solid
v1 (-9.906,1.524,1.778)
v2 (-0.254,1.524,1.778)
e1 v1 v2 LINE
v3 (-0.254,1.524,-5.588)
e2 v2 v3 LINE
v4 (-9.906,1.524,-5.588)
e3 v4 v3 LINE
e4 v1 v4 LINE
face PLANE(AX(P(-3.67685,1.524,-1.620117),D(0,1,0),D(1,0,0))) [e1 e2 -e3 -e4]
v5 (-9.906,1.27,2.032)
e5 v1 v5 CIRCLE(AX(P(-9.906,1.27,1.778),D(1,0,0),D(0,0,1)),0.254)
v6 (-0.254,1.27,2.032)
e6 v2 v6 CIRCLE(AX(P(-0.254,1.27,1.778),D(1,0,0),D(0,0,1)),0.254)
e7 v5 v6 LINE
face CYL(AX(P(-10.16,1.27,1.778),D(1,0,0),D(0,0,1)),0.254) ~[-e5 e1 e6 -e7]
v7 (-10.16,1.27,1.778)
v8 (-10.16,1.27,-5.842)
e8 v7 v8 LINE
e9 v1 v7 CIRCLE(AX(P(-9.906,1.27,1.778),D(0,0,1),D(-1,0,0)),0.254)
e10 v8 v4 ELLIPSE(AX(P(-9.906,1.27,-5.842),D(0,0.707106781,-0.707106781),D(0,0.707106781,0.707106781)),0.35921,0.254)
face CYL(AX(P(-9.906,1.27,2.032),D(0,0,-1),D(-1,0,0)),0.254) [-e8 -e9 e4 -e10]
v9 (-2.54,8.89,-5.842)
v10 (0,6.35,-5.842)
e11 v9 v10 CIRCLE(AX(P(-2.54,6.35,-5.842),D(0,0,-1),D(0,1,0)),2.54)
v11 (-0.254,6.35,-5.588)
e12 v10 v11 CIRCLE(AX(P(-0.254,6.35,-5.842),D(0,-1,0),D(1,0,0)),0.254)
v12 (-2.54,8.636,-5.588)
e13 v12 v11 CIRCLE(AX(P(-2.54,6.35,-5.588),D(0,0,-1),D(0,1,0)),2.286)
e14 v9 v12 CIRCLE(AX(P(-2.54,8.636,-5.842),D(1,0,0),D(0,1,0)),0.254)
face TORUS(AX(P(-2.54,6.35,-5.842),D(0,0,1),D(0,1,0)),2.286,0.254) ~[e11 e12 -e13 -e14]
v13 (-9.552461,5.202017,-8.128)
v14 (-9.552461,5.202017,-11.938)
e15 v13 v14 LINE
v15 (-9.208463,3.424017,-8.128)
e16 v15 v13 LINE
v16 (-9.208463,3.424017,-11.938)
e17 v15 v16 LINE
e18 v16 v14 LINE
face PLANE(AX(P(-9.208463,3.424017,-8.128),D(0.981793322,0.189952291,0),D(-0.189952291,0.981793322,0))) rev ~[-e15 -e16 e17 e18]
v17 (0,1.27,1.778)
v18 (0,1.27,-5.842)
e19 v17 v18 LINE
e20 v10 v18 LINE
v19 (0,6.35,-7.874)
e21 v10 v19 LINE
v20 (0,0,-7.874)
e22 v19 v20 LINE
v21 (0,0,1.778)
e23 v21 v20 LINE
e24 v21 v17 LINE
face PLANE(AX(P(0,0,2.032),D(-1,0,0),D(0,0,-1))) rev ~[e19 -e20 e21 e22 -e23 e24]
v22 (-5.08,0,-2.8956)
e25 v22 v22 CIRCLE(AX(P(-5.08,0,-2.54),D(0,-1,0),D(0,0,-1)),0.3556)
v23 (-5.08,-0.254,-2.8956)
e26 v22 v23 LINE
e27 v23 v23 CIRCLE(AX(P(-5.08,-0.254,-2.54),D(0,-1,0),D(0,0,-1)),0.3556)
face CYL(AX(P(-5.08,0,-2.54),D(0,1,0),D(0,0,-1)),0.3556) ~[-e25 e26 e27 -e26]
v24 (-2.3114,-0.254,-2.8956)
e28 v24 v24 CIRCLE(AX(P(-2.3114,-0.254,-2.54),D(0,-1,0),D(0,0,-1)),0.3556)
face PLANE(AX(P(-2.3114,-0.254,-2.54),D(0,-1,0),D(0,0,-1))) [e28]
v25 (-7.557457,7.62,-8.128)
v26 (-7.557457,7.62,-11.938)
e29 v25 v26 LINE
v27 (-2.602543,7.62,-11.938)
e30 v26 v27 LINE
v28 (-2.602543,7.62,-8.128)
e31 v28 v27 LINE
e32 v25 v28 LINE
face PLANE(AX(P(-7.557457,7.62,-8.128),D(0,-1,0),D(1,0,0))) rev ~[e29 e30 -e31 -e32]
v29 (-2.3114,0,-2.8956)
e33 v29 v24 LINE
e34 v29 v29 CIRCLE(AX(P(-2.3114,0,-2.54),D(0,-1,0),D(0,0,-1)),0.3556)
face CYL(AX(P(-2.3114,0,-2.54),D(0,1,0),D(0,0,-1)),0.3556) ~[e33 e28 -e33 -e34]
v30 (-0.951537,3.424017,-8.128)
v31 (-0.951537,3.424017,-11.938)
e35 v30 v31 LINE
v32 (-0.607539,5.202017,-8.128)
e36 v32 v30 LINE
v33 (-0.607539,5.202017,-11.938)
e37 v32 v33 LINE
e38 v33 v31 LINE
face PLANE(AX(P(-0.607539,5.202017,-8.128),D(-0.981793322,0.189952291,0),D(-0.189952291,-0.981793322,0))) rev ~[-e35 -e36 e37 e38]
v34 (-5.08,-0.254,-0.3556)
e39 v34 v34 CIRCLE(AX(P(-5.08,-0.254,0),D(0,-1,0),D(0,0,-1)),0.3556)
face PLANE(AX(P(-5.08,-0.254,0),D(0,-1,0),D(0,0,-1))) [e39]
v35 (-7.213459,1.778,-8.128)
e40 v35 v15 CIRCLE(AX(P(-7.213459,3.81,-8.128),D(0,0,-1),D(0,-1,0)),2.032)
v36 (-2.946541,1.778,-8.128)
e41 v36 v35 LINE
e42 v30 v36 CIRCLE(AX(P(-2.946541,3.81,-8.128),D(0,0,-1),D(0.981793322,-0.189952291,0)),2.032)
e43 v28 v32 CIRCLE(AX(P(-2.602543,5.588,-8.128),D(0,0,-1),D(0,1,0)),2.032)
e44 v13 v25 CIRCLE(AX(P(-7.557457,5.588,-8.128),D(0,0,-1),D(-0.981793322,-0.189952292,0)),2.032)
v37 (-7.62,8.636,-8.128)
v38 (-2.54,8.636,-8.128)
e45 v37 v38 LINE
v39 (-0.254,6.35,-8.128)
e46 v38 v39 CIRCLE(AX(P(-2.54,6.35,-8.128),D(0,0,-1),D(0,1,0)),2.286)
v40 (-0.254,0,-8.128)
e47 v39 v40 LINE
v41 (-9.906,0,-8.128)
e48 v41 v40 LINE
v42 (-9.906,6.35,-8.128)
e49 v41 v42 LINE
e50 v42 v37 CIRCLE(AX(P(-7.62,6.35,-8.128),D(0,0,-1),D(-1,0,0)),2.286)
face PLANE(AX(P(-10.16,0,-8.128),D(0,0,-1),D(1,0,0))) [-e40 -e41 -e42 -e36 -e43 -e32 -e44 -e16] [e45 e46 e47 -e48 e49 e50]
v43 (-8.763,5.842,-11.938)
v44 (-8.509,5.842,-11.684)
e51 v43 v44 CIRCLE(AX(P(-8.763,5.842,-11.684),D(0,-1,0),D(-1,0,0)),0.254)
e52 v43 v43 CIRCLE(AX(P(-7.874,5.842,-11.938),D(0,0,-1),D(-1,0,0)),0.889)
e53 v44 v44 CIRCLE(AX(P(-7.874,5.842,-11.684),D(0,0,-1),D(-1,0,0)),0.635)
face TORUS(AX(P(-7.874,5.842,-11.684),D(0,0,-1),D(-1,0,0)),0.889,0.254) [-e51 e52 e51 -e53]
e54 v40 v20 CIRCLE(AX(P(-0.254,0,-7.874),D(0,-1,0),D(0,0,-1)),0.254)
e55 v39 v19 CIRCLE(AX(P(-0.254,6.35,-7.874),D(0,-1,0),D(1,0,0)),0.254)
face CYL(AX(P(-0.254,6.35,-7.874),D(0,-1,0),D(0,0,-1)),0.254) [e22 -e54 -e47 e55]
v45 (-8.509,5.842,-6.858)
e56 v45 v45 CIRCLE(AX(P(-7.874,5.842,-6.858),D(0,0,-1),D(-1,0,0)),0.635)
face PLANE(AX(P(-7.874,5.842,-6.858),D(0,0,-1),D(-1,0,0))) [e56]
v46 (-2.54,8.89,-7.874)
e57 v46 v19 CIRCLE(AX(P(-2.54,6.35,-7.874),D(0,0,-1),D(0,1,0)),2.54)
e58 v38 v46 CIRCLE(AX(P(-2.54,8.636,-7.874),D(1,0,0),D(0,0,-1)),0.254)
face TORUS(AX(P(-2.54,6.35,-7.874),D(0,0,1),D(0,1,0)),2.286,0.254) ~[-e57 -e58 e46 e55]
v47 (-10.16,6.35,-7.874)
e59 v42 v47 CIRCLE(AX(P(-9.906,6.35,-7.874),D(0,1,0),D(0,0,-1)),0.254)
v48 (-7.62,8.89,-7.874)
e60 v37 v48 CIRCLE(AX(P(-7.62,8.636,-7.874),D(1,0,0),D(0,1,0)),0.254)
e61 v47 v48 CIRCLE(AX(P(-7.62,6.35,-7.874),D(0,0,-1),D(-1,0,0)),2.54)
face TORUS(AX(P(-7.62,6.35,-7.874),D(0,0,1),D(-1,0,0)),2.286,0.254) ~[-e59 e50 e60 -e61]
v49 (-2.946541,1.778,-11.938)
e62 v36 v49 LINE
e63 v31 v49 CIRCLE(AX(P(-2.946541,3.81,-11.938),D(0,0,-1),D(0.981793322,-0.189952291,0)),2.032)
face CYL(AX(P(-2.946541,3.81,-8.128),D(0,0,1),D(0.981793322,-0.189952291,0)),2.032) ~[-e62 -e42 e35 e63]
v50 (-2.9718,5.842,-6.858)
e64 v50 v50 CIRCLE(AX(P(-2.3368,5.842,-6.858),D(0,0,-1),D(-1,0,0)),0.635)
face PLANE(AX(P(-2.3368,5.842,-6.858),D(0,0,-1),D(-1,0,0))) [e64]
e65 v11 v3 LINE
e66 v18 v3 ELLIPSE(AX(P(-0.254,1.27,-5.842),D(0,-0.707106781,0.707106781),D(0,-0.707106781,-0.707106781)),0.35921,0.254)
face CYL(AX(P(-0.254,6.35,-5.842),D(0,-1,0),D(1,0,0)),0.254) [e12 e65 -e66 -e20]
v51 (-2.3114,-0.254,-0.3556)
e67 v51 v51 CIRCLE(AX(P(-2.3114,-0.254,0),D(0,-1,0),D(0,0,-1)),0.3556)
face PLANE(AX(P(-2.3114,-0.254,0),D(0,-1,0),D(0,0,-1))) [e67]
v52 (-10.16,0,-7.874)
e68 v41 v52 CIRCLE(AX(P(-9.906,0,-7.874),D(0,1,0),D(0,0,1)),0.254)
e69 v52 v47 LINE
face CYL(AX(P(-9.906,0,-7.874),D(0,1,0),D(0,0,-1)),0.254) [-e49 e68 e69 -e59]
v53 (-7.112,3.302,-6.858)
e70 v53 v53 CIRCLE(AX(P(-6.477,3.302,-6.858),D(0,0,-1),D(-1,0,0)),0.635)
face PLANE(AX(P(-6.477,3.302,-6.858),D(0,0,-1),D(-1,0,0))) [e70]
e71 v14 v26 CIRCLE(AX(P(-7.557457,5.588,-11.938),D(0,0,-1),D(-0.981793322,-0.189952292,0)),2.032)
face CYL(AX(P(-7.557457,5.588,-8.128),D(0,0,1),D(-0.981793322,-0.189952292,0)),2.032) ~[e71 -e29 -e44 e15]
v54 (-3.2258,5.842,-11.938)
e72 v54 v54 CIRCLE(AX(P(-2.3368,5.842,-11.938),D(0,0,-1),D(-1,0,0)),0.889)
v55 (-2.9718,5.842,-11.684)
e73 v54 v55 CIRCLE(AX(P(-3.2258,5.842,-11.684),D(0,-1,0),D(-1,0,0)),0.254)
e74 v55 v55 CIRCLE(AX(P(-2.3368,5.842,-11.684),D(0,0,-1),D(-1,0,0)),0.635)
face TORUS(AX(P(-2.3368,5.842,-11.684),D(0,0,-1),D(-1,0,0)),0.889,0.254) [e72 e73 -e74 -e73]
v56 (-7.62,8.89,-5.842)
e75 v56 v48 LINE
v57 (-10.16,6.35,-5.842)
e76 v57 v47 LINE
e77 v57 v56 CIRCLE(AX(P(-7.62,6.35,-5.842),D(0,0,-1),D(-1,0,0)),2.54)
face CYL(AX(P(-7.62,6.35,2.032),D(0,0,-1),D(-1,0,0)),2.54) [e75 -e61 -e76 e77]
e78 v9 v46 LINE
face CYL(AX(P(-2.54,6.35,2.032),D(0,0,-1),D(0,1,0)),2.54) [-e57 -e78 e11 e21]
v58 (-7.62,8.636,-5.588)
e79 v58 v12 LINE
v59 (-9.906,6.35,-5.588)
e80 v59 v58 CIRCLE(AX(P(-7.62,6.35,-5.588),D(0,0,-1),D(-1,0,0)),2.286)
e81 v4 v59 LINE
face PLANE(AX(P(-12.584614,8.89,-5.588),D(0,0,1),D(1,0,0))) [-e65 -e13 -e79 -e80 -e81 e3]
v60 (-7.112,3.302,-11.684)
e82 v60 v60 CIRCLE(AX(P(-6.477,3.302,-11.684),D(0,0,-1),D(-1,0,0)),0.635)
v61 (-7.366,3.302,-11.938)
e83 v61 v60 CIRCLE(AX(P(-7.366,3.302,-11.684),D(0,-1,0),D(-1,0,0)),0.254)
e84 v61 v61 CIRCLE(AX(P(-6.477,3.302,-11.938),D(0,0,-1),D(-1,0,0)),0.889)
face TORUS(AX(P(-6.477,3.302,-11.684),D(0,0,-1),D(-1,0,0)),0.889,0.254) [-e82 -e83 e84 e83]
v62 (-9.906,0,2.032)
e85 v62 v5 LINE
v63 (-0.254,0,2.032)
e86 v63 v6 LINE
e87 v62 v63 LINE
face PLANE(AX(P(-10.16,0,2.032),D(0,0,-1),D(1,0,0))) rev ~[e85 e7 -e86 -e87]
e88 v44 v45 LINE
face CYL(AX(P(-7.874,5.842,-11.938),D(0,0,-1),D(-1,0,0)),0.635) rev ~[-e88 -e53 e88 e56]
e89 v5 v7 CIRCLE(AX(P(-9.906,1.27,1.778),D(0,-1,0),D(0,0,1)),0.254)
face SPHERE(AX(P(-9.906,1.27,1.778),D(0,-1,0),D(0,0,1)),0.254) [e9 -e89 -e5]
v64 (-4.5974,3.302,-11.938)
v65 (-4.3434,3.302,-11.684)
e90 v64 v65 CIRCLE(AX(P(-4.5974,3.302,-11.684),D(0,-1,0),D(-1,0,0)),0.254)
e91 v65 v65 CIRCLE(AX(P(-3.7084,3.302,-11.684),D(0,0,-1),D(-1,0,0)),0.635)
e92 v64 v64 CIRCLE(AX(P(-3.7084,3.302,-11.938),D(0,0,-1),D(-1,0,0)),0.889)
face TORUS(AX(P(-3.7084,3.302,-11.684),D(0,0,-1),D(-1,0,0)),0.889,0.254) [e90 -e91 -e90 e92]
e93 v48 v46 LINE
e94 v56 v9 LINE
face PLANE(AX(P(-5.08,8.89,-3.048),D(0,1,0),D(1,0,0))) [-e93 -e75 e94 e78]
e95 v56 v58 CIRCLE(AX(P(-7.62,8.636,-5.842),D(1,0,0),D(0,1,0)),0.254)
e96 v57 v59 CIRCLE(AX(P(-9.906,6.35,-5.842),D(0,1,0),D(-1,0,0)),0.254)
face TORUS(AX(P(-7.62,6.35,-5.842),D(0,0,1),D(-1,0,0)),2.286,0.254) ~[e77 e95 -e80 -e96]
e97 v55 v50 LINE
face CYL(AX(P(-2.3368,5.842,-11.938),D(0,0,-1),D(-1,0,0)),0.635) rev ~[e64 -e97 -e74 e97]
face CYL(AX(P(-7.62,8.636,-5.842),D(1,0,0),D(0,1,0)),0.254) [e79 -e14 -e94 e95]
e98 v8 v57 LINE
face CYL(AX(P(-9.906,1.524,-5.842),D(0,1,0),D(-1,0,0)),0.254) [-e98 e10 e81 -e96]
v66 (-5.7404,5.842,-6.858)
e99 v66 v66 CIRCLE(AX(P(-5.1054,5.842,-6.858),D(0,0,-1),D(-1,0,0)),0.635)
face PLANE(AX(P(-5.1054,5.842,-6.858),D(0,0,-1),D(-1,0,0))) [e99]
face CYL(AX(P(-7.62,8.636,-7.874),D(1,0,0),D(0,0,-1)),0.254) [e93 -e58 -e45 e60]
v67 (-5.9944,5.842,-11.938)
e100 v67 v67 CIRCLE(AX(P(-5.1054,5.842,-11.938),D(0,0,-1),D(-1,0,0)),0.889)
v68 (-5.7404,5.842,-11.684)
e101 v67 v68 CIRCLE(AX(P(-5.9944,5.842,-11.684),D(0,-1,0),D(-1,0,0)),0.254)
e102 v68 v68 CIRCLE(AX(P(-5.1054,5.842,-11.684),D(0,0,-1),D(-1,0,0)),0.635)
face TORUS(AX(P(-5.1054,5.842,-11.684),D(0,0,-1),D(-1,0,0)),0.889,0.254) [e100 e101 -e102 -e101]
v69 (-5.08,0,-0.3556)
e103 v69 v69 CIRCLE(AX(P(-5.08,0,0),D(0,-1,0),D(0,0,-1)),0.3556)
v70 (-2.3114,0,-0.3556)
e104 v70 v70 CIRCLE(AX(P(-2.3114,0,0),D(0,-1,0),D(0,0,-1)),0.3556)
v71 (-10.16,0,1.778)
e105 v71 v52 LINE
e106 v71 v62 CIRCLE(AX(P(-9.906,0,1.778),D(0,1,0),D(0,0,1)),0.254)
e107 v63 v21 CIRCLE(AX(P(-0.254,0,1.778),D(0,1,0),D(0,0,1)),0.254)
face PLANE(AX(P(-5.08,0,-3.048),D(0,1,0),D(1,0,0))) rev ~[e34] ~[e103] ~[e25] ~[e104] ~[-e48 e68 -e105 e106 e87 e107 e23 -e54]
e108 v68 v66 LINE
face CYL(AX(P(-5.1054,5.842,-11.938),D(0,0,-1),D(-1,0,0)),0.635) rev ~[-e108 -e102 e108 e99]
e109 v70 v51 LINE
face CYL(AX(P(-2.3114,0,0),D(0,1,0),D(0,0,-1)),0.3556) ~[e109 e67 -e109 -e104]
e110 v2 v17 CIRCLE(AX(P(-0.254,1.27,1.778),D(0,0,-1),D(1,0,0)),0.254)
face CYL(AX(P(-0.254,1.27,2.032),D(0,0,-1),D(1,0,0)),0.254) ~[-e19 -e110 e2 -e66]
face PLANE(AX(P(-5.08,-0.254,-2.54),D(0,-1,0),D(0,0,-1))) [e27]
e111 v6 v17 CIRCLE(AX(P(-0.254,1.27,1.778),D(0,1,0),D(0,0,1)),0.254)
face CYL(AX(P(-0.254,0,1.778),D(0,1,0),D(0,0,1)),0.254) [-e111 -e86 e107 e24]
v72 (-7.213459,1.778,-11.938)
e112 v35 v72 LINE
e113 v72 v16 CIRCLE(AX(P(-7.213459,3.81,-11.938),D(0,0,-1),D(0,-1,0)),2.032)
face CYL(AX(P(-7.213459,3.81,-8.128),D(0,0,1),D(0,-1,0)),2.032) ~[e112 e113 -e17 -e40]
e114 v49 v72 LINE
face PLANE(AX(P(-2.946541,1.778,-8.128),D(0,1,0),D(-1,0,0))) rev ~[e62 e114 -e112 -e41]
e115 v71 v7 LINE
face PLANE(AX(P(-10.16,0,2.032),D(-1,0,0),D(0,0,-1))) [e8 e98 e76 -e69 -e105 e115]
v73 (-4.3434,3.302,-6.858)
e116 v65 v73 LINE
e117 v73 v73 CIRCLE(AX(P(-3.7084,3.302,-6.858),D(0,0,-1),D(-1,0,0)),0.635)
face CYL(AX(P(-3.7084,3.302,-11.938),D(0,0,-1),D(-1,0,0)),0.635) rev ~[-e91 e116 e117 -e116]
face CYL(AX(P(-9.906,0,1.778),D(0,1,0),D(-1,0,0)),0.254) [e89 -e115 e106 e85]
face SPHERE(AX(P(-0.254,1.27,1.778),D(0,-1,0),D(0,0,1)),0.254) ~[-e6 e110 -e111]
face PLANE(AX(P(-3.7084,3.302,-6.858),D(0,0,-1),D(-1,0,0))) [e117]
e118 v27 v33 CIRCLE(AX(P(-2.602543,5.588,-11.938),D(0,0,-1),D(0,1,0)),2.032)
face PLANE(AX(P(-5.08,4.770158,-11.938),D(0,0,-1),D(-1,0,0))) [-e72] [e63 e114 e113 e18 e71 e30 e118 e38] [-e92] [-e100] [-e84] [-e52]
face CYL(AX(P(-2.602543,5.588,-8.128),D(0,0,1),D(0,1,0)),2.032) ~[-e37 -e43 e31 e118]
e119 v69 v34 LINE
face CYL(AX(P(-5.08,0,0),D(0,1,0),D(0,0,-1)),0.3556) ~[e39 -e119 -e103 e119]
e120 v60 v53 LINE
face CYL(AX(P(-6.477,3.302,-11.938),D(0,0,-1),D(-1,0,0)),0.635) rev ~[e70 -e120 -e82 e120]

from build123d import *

# Parameters (mm, degrees)
SKETCH1_W           = 10.16
SKETCH1_H           = 10.16
BASE_EXTRUDE_DEPTH  = 8.89
BOSS_EXTRUDE1_DEPTH = 3.81
SKETCH4_R           = 0.635
CUT_EXTRUDE1_DEPTH  = 5.08
SKETCH5_R           = 0.635
CUT_EXTRUDE2_DEPTH  = 5.08
SKETCH6_R           = 0.3556
BOSS_EXTRUDE2_DEPTH = 0.254
LPATTERN1_COUNT     = 2
LPATTERN1_PITCH     = 2.7686
LPATTERN2_COUNT     = 3
LPATTERN2_PITCH     = 2.7686
LPATTERN3_COUNT     = 2
LPATTERN3_PITCH     = 2.7686
SKETCH7_R           = 0.3556
BOSS_EXTRUDE3_DEPTH = 0.254
LPATTERN4_COUNT     = 2
LPATTERN4_PITCH     = 2.7686
FILLET1_R           = 2.54
FILLET2_R           = 0.254
FILETE1_R           = 0.254
SKETCH8_W           = 17.815529842
SKETCH8_H           = 7.935766656
CUT_EXTRUDE3_DEPTH  = 7.366
FILLET3_R           = 0.254


with BuildPart() as part:
    # Sketch1 → Base-Extrude (new body)
    with BuildSketch(Plane(origin=(0, 0, 0), x_dir=(1, 0, 0), z_dir=(0, 1, 0))):
        with Locations((-5.08, 3.048)):
            Rectangle(SKETCH1_W, SKETCH1_H)
    extrude(amount=BASE_EXTRUDE_DEPTH)

    # Sketch2 → Boss-Extrude1 (add)
    with BuildSketch(Plane(origin=(0, 0, -8.128), x_dir=(-1, 0, 0), z_dir=(0, 0, -1))):
        with BuildLine():
            Line((2.946541189, 1.778), (7.213458811, 1.778))
            ThreePointArc((7.213458811, 1.778), (8.506653775, 2.24262296), (9.208462841, 3.424016944))
            Line((9.208462841, 3.424016944), (9.55246108, 5.202016944))
            ThreePointArc((9.55246108, 5.202016944), (9.12483409, 6.881194964), (7.55745705, 7.62))
            Line((7.55745705, 7.62), (2.60254295, 7.62))
            ThreePointArc((2.60254295, 7.62), (1.03516591, 6.881194964), (0.60753892, 5.202016944))
            Line((0.60753892, 5.202016944), (0.951537159, 3.424016944))
            ThreePointArc((0.951537159, 3.424016944), (1.653346225, 2.24262296), (2.946541189, 1.778))
        make_face()
    extrude(amount=BOSS_EXTRUDE1_DEPTH)

    # Sketch4 → Cut-Extrude1 (cut)
    with BuildSketch(Plane(origin=(0, 0, -11.938), x_dir=(-1, 0, 0), z_dir=(0, 0, -1))):
        with Locations((7.874, 5.842)):
            Circle(SKETCH4_R)
    cut_extrude1 = extrude(amount=-CUT_EXTRUDE1_DEPTH, mode=Mode.SUBTRACT)

    # Sketch5 → Cut-Extrude2 (cut)
    with BuildSketch(Plane(origin=(0, 0, -11.938), x_dir=(-1, 0, 0), z_dir=(0, 0, -1))):
        with Locations((6.477, 3.302)):
            Circle(SKETCH5_R)
    cut_extrude2 = extrude(amount=-CUT_EXTRUDE2_DEPTH, mode=Mode.SUBTRACT)

    # Sketch6 → Boss-Extrude2 (add)
    with BuildSketch(Plane.XZ):
        with Locations(Location((-5.08, 0, 0), (0, 0, 270))):
            Circle(SKETCH6_R)
    boss_extrude2 = extrude(amount=BOSS_EXTRUDE2_DEPTH)

    # LPattern1: Boss-Extrude2 ×2
    with Locations(*[(i * LPATTERN1_PITCH, 0, 0) for i in range(1, LPATTERN1_COUNT)]):
        add(boss_extrude2)

    # LPattern2: Cut-Extrude1 ×3
    with Locations(*[(i * LPATTERN2_PITCH, 0, 0) for i in range(1, LPATTERN2_COUNT)]):
        add(cut_extrude1, mode=Mode.SUBTRACT)

    # LPattern3: Cut-Extrude2 ×2
    with Locations(*[(i * LPATTERN3_PITCH, 0, 0) for i in range(1, LPATTERN3_COUNT)]):
        add(cut_extrude2, mode=Mode.SUBTRACT)

    # Sketch7 → Boss-Extrude3 (add)
    with BuildSketch(Plane.XZ):
        with Locations(Location((-5.08, -2.54, 0), (0, 0, 270))):
            Circle(SKETCH7_R)
    boss_extrude3 = extrude(amount=BOSS_EXTRUDE3_DEPTH)

    # LPattern4: Boss-Extrude3 ×2
    with Locations(*[(i * LPATTERN4_PITCH, 0, 0) for i in range(1, LPATTERN4_COUNT)]):
        add(boss_extrude3)

    # Fillet1
    fillet1_edges = [part.edges().sort_by_distance(p)[0] for p in [
        (-10.16, 8.89, -3.048),
        (0, 8.89, -3.048),
    ]]
    fillet(fillet1_edges, radius=FILLET1_R)

    # Fillet2
    fillet2_edges = [part.edges().sort_by_distance(p)[0] for p in [
        (-5.08, 8.89, -8.128),
        (-10.16, 3.175, -8.128),
        (0, 3.175, -8.128),
        (-0.743948776, 8.146051224, -8.128),
        (-9.416051224, 8.146051224, -8.128),
    ]]
    fillet(fillet2_edges, radius=FILLET2_R)

    # Filete1
    filete1_edges = [part.edges().sort_by_distance(p)[0] for p in [
        (-7.239, 5.842, -11.938),
        (-5.842, 3.302, -11.938),
        (-4.4704, 5.842, -11.938),
        (-1.7018, 5.842, -11.938),
        (-3.0734, 3.302, -11.938),
    ]]
    fillet(filete1_edges, radius=FILETE1_R)

    # Sketch8 → Cut-Extrude3 (cut)
    with BuildSketch(Plane(origin=(0, 8.89, 0), x_dir=(1, 0, 0), z_dir=(0, 1, 0))):
        with Locations((-3.676849553, 1.620116672)):
            Rectangle(SKETCH8_W, SKETCH8_H)
    extrude(amount=-CUT_EXTRUDE3_DEPTH, mode=Mode.SUBTRACT)

    # Fillet3
    fillet3_edges = [part.edges().sort_by_distance(p)[0] for p in [
        (-0.743948776, 8.146051224, -5.588),
        (-10.16, 0.762, 2.032),
        (0, 0.762, 2.032),
        (-5.08, 1.524, 2.032),
        (-10.16, 3.937, -5.588),
        (0, 3.937, -5.588),
        (-9.416051224, 8.146051224, -5.588),
        (0, 1.524, -1.778),
        (-10.16, 1.524, -1.778),
        (-5.08, 8.89, -5.588),
    ]]
    fillet(fillet3_edges, radius=FILLET3_R)


solid = part.part
